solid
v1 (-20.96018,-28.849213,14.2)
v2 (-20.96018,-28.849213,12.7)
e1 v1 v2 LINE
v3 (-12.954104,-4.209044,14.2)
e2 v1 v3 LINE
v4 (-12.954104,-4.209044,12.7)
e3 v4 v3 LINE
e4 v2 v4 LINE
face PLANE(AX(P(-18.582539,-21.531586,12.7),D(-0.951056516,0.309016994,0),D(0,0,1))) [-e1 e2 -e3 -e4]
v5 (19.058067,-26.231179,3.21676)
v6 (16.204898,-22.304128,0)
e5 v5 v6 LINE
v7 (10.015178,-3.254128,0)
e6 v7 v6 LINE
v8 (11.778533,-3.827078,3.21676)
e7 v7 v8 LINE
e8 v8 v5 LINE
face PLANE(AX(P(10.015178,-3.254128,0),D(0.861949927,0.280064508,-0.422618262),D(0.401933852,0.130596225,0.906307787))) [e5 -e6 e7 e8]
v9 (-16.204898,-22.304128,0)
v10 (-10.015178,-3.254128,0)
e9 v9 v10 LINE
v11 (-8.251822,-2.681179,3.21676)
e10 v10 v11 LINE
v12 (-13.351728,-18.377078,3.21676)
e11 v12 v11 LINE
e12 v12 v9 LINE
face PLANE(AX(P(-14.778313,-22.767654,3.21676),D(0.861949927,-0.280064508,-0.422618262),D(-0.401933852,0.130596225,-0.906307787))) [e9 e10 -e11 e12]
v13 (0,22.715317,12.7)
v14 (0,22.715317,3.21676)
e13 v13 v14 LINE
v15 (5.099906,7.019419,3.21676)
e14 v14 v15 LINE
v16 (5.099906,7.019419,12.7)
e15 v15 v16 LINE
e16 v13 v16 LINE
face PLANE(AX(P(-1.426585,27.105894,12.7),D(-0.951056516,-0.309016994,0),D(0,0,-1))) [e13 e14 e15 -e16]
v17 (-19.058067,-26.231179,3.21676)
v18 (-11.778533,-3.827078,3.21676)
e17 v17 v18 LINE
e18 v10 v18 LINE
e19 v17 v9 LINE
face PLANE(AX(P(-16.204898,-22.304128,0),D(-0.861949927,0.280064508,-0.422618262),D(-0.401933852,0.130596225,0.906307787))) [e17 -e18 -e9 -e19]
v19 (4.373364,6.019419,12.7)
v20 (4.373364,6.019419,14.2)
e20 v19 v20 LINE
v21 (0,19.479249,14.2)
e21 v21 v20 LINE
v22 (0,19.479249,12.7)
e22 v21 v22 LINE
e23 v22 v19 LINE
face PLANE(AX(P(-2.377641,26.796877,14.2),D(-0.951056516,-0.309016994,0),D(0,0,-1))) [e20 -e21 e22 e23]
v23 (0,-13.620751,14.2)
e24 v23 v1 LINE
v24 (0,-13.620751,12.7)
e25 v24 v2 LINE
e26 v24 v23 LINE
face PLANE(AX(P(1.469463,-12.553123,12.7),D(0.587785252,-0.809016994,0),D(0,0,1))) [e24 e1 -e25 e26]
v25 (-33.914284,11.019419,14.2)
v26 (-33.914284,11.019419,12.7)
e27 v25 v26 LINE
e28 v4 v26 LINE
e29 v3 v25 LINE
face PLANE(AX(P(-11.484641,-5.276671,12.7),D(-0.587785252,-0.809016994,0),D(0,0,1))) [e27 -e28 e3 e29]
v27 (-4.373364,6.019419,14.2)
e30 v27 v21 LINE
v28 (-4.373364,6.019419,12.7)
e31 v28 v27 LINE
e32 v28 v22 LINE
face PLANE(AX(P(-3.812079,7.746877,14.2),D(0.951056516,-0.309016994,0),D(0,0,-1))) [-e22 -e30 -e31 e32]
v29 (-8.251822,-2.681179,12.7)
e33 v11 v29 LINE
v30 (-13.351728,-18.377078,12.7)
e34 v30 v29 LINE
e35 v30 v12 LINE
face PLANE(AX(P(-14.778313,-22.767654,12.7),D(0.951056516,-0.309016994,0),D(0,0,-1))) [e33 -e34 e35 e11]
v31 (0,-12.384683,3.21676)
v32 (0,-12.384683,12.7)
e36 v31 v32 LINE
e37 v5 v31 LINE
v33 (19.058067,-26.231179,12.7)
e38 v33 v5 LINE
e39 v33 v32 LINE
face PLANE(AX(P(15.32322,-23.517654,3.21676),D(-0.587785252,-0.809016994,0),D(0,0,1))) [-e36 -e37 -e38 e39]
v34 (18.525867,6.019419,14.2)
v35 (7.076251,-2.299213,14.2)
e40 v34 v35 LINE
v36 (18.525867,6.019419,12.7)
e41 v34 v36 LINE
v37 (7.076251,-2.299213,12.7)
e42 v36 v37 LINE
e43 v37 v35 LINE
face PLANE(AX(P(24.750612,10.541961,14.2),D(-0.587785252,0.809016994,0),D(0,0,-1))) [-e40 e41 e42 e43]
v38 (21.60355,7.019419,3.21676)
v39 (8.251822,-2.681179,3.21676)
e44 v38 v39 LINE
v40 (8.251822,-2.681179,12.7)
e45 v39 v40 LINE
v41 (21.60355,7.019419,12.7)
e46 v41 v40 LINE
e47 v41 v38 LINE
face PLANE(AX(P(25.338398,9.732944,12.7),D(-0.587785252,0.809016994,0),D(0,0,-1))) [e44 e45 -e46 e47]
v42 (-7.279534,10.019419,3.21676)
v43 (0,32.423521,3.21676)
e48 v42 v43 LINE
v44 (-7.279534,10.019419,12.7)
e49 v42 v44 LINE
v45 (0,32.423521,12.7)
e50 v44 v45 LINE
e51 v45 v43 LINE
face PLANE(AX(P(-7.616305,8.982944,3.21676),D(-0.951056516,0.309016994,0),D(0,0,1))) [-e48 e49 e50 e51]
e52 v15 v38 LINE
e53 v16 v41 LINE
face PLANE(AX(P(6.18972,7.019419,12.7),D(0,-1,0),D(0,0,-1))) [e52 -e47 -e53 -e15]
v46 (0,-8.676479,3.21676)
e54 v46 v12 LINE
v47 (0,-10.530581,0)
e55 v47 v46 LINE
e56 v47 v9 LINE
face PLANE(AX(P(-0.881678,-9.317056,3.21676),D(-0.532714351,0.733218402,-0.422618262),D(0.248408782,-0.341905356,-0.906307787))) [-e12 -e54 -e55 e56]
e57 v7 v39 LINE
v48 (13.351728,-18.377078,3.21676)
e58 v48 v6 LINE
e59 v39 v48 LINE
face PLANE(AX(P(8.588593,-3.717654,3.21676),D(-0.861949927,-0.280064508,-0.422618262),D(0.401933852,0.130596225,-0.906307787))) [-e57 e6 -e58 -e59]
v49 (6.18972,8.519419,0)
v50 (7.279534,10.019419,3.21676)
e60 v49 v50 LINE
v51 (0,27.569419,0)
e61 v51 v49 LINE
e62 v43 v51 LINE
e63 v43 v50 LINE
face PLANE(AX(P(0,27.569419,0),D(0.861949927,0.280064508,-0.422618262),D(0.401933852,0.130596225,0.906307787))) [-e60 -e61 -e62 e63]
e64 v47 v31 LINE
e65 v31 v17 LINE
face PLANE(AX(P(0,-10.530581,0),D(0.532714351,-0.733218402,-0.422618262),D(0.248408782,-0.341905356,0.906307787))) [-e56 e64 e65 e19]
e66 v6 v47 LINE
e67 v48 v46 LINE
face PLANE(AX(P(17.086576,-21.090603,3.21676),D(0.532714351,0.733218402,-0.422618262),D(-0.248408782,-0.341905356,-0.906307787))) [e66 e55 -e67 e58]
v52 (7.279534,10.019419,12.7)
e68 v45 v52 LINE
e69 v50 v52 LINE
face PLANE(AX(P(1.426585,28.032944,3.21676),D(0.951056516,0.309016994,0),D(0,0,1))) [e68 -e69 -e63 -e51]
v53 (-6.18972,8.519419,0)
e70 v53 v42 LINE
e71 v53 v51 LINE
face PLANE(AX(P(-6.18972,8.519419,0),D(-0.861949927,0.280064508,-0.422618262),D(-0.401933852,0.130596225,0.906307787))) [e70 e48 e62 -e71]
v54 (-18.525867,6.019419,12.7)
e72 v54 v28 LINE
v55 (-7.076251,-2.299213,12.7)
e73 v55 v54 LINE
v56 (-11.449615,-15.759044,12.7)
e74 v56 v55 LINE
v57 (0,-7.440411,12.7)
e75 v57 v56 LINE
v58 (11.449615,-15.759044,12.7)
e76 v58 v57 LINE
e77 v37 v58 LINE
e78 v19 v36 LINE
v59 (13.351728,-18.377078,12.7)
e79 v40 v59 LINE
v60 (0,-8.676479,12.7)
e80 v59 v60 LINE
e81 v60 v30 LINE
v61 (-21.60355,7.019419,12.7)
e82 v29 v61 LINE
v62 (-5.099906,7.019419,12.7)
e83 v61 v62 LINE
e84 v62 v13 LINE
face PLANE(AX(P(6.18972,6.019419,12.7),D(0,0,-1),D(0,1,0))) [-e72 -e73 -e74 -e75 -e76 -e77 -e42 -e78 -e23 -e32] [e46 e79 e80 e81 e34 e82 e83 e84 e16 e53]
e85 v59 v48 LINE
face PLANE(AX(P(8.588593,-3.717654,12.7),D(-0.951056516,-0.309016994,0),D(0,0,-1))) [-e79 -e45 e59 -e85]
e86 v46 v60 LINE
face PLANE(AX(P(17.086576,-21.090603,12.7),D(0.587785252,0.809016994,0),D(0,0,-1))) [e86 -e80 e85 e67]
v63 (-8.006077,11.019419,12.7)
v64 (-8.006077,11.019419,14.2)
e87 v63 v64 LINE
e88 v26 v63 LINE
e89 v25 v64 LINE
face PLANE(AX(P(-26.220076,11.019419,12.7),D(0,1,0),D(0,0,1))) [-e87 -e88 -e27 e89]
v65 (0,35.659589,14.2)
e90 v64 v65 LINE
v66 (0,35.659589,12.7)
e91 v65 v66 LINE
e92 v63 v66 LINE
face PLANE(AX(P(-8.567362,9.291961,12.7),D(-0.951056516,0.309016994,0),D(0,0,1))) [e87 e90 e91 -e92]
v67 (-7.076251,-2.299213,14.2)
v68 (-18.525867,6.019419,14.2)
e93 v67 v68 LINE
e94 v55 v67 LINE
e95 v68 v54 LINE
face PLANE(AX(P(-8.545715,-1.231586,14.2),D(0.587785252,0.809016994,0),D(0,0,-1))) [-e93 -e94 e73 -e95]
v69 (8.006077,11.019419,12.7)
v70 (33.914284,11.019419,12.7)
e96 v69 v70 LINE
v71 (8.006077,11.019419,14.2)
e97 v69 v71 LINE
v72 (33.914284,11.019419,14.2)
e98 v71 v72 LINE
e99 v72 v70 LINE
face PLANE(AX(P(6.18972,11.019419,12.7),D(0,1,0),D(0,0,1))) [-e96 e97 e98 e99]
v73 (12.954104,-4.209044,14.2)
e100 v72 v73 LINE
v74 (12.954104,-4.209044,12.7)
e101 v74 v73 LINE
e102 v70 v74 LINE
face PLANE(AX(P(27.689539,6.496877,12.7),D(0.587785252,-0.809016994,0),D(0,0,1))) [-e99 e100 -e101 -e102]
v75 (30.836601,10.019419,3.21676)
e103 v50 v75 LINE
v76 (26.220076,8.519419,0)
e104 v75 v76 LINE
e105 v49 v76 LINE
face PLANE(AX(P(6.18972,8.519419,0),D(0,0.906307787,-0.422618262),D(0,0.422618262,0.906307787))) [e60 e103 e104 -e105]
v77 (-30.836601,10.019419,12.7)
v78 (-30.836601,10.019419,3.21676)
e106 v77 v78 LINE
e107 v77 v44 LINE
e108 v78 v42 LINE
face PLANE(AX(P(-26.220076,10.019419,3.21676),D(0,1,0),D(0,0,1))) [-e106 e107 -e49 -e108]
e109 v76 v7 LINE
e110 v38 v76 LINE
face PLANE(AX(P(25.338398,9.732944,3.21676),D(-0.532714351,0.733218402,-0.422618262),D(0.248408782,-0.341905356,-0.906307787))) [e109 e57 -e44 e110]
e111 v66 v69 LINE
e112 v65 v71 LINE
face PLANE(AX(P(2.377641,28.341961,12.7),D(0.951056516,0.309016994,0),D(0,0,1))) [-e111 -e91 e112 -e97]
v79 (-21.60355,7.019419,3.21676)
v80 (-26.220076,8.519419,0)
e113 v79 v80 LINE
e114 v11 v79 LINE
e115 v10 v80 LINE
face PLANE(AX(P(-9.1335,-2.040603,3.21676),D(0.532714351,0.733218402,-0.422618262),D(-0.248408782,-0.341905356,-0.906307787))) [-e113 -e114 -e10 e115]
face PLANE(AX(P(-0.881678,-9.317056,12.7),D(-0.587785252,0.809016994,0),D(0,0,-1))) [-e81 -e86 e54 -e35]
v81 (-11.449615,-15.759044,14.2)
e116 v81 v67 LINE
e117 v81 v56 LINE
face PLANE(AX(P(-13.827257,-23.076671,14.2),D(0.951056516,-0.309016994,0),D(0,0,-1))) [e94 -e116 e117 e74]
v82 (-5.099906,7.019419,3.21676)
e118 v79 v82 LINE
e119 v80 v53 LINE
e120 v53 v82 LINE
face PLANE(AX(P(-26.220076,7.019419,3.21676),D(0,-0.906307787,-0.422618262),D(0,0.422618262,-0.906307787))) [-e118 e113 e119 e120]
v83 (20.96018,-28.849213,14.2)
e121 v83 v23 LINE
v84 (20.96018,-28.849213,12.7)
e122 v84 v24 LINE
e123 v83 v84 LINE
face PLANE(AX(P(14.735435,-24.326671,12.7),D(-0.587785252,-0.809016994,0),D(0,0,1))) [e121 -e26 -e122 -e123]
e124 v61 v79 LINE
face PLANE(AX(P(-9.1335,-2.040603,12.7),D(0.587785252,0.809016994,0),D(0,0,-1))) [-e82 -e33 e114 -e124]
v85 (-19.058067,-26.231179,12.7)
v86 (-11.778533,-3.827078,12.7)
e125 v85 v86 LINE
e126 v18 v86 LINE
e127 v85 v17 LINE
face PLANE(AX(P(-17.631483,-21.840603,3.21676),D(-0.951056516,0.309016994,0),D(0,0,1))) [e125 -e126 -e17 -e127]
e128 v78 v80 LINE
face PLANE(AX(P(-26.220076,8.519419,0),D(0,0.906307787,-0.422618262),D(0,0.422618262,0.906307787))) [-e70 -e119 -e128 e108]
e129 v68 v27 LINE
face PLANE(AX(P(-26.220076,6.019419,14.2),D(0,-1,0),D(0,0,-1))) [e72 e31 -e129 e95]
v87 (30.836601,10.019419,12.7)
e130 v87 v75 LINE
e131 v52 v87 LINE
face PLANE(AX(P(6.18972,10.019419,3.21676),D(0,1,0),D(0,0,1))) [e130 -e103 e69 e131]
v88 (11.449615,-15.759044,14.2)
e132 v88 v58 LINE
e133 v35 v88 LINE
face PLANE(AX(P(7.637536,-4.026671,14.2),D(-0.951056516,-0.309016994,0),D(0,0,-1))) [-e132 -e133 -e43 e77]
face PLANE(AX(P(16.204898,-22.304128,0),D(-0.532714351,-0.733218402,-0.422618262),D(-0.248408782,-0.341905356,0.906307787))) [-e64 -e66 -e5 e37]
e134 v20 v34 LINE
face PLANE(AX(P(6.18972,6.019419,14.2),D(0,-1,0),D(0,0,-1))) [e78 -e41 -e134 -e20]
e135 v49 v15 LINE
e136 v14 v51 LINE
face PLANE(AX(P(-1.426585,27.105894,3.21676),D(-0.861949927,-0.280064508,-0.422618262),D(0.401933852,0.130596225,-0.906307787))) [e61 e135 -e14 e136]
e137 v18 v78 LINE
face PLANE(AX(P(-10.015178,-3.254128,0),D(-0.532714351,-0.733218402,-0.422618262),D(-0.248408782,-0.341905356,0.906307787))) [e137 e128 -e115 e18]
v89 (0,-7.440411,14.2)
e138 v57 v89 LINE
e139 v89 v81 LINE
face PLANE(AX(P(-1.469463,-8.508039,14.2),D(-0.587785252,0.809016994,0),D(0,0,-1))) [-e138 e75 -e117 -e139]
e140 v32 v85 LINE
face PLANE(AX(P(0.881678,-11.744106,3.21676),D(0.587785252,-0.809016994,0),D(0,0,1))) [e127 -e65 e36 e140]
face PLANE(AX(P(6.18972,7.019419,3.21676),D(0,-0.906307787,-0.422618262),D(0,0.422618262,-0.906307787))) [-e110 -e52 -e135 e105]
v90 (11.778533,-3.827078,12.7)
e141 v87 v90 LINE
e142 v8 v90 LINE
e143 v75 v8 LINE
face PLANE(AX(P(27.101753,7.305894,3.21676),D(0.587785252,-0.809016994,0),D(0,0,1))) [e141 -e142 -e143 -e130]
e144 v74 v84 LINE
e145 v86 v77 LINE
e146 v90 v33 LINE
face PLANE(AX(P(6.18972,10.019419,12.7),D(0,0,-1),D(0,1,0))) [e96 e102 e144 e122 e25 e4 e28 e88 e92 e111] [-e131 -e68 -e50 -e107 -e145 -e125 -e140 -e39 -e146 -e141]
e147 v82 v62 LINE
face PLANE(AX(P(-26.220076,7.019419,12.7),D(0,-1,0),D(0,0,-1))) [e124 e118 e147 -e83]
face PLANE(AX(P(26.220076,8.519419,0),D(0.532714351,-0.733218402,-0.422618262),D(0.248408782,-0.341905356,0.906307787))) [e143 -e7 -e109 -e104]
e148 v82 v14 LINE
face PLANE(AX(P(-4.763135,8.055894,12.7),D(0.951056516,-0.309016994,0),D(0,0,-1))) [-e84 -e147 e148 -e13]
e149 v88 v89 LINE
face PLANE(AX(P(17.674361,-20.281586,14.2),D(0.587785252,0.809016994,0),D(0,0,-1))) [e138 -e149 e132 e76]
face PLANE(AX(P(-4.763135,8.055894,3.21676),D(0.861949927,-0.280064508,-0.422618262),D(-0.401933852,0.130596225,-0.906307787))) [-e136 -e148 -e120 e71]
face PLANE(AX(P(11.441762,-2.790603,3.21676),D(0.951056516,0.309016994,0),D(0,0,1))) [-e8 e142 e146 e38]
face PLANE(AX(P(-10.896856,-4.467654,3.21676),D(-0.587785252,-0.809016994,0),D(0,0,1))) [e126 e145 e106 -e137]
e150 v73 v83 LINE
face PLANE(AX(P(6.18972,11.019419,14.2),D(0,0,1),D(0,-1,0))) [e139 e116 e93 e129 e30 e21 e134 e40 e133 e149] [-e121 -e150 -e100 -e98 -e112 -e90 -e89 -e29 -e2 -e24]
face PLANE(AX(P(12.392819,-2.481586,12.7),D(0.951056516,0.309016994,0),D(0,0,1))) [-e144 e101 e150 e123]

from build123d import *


with BuildPart() as f3:
    # F3: sweep along a path in F0
    with BuildLine(Plane.XY) as f3_path:
        Line((6.1897202132, 8.5194189943), (26.220075585, 8.5194189943))
        Line((26.220075585, 8.5194189943), (10.0151776859, -3.2541284914))
        Line((10.0151776859, -3.2541284914), (16.2048978991, -22.3041284914))
        Line((16.2048978991, -22.3041284914), (0, -10.5305810057))
        Line((0, -10.5305810057), (-16.2048978991, -22.3041284914))
        Line((-16.2048978991, -22.3041284914), (-10.0151776859, -3.2541284914))
        Line((-10.0151776859, -3.2541284914), (-26.220075585, 8.5194189943))
        Line((-26.220075585, 8.5194189943), (-6.1897202132, 8.5194189943))
        Line((-6.1897202132, 8.5194189943), (0, 27.5694189943))
        Line((0, 27.5694189943), (6.1897202132, 8.5194189943))
    # F2 (on plane+point) → F3 (sweep)
    with BuildSketch(Plane.YZ.offset(6.1897202132)):
        Polygon((7.0194189943, 3.2167603808), (8.5194189943, 0), (10.0194189943, 3.2167603808), (10.0194189943, 12.7), (11.0194189943, 12.7), (11.0194189943, 14.2), (8.5194189943, 14.2), (6.0194189943, 14.2), (6.0194189943, 12.7), (7.0194189943, 12.7), align=None)
    sweep(path=f3_path.line, transition=Transition.RIGHT)


solid = f3.part
